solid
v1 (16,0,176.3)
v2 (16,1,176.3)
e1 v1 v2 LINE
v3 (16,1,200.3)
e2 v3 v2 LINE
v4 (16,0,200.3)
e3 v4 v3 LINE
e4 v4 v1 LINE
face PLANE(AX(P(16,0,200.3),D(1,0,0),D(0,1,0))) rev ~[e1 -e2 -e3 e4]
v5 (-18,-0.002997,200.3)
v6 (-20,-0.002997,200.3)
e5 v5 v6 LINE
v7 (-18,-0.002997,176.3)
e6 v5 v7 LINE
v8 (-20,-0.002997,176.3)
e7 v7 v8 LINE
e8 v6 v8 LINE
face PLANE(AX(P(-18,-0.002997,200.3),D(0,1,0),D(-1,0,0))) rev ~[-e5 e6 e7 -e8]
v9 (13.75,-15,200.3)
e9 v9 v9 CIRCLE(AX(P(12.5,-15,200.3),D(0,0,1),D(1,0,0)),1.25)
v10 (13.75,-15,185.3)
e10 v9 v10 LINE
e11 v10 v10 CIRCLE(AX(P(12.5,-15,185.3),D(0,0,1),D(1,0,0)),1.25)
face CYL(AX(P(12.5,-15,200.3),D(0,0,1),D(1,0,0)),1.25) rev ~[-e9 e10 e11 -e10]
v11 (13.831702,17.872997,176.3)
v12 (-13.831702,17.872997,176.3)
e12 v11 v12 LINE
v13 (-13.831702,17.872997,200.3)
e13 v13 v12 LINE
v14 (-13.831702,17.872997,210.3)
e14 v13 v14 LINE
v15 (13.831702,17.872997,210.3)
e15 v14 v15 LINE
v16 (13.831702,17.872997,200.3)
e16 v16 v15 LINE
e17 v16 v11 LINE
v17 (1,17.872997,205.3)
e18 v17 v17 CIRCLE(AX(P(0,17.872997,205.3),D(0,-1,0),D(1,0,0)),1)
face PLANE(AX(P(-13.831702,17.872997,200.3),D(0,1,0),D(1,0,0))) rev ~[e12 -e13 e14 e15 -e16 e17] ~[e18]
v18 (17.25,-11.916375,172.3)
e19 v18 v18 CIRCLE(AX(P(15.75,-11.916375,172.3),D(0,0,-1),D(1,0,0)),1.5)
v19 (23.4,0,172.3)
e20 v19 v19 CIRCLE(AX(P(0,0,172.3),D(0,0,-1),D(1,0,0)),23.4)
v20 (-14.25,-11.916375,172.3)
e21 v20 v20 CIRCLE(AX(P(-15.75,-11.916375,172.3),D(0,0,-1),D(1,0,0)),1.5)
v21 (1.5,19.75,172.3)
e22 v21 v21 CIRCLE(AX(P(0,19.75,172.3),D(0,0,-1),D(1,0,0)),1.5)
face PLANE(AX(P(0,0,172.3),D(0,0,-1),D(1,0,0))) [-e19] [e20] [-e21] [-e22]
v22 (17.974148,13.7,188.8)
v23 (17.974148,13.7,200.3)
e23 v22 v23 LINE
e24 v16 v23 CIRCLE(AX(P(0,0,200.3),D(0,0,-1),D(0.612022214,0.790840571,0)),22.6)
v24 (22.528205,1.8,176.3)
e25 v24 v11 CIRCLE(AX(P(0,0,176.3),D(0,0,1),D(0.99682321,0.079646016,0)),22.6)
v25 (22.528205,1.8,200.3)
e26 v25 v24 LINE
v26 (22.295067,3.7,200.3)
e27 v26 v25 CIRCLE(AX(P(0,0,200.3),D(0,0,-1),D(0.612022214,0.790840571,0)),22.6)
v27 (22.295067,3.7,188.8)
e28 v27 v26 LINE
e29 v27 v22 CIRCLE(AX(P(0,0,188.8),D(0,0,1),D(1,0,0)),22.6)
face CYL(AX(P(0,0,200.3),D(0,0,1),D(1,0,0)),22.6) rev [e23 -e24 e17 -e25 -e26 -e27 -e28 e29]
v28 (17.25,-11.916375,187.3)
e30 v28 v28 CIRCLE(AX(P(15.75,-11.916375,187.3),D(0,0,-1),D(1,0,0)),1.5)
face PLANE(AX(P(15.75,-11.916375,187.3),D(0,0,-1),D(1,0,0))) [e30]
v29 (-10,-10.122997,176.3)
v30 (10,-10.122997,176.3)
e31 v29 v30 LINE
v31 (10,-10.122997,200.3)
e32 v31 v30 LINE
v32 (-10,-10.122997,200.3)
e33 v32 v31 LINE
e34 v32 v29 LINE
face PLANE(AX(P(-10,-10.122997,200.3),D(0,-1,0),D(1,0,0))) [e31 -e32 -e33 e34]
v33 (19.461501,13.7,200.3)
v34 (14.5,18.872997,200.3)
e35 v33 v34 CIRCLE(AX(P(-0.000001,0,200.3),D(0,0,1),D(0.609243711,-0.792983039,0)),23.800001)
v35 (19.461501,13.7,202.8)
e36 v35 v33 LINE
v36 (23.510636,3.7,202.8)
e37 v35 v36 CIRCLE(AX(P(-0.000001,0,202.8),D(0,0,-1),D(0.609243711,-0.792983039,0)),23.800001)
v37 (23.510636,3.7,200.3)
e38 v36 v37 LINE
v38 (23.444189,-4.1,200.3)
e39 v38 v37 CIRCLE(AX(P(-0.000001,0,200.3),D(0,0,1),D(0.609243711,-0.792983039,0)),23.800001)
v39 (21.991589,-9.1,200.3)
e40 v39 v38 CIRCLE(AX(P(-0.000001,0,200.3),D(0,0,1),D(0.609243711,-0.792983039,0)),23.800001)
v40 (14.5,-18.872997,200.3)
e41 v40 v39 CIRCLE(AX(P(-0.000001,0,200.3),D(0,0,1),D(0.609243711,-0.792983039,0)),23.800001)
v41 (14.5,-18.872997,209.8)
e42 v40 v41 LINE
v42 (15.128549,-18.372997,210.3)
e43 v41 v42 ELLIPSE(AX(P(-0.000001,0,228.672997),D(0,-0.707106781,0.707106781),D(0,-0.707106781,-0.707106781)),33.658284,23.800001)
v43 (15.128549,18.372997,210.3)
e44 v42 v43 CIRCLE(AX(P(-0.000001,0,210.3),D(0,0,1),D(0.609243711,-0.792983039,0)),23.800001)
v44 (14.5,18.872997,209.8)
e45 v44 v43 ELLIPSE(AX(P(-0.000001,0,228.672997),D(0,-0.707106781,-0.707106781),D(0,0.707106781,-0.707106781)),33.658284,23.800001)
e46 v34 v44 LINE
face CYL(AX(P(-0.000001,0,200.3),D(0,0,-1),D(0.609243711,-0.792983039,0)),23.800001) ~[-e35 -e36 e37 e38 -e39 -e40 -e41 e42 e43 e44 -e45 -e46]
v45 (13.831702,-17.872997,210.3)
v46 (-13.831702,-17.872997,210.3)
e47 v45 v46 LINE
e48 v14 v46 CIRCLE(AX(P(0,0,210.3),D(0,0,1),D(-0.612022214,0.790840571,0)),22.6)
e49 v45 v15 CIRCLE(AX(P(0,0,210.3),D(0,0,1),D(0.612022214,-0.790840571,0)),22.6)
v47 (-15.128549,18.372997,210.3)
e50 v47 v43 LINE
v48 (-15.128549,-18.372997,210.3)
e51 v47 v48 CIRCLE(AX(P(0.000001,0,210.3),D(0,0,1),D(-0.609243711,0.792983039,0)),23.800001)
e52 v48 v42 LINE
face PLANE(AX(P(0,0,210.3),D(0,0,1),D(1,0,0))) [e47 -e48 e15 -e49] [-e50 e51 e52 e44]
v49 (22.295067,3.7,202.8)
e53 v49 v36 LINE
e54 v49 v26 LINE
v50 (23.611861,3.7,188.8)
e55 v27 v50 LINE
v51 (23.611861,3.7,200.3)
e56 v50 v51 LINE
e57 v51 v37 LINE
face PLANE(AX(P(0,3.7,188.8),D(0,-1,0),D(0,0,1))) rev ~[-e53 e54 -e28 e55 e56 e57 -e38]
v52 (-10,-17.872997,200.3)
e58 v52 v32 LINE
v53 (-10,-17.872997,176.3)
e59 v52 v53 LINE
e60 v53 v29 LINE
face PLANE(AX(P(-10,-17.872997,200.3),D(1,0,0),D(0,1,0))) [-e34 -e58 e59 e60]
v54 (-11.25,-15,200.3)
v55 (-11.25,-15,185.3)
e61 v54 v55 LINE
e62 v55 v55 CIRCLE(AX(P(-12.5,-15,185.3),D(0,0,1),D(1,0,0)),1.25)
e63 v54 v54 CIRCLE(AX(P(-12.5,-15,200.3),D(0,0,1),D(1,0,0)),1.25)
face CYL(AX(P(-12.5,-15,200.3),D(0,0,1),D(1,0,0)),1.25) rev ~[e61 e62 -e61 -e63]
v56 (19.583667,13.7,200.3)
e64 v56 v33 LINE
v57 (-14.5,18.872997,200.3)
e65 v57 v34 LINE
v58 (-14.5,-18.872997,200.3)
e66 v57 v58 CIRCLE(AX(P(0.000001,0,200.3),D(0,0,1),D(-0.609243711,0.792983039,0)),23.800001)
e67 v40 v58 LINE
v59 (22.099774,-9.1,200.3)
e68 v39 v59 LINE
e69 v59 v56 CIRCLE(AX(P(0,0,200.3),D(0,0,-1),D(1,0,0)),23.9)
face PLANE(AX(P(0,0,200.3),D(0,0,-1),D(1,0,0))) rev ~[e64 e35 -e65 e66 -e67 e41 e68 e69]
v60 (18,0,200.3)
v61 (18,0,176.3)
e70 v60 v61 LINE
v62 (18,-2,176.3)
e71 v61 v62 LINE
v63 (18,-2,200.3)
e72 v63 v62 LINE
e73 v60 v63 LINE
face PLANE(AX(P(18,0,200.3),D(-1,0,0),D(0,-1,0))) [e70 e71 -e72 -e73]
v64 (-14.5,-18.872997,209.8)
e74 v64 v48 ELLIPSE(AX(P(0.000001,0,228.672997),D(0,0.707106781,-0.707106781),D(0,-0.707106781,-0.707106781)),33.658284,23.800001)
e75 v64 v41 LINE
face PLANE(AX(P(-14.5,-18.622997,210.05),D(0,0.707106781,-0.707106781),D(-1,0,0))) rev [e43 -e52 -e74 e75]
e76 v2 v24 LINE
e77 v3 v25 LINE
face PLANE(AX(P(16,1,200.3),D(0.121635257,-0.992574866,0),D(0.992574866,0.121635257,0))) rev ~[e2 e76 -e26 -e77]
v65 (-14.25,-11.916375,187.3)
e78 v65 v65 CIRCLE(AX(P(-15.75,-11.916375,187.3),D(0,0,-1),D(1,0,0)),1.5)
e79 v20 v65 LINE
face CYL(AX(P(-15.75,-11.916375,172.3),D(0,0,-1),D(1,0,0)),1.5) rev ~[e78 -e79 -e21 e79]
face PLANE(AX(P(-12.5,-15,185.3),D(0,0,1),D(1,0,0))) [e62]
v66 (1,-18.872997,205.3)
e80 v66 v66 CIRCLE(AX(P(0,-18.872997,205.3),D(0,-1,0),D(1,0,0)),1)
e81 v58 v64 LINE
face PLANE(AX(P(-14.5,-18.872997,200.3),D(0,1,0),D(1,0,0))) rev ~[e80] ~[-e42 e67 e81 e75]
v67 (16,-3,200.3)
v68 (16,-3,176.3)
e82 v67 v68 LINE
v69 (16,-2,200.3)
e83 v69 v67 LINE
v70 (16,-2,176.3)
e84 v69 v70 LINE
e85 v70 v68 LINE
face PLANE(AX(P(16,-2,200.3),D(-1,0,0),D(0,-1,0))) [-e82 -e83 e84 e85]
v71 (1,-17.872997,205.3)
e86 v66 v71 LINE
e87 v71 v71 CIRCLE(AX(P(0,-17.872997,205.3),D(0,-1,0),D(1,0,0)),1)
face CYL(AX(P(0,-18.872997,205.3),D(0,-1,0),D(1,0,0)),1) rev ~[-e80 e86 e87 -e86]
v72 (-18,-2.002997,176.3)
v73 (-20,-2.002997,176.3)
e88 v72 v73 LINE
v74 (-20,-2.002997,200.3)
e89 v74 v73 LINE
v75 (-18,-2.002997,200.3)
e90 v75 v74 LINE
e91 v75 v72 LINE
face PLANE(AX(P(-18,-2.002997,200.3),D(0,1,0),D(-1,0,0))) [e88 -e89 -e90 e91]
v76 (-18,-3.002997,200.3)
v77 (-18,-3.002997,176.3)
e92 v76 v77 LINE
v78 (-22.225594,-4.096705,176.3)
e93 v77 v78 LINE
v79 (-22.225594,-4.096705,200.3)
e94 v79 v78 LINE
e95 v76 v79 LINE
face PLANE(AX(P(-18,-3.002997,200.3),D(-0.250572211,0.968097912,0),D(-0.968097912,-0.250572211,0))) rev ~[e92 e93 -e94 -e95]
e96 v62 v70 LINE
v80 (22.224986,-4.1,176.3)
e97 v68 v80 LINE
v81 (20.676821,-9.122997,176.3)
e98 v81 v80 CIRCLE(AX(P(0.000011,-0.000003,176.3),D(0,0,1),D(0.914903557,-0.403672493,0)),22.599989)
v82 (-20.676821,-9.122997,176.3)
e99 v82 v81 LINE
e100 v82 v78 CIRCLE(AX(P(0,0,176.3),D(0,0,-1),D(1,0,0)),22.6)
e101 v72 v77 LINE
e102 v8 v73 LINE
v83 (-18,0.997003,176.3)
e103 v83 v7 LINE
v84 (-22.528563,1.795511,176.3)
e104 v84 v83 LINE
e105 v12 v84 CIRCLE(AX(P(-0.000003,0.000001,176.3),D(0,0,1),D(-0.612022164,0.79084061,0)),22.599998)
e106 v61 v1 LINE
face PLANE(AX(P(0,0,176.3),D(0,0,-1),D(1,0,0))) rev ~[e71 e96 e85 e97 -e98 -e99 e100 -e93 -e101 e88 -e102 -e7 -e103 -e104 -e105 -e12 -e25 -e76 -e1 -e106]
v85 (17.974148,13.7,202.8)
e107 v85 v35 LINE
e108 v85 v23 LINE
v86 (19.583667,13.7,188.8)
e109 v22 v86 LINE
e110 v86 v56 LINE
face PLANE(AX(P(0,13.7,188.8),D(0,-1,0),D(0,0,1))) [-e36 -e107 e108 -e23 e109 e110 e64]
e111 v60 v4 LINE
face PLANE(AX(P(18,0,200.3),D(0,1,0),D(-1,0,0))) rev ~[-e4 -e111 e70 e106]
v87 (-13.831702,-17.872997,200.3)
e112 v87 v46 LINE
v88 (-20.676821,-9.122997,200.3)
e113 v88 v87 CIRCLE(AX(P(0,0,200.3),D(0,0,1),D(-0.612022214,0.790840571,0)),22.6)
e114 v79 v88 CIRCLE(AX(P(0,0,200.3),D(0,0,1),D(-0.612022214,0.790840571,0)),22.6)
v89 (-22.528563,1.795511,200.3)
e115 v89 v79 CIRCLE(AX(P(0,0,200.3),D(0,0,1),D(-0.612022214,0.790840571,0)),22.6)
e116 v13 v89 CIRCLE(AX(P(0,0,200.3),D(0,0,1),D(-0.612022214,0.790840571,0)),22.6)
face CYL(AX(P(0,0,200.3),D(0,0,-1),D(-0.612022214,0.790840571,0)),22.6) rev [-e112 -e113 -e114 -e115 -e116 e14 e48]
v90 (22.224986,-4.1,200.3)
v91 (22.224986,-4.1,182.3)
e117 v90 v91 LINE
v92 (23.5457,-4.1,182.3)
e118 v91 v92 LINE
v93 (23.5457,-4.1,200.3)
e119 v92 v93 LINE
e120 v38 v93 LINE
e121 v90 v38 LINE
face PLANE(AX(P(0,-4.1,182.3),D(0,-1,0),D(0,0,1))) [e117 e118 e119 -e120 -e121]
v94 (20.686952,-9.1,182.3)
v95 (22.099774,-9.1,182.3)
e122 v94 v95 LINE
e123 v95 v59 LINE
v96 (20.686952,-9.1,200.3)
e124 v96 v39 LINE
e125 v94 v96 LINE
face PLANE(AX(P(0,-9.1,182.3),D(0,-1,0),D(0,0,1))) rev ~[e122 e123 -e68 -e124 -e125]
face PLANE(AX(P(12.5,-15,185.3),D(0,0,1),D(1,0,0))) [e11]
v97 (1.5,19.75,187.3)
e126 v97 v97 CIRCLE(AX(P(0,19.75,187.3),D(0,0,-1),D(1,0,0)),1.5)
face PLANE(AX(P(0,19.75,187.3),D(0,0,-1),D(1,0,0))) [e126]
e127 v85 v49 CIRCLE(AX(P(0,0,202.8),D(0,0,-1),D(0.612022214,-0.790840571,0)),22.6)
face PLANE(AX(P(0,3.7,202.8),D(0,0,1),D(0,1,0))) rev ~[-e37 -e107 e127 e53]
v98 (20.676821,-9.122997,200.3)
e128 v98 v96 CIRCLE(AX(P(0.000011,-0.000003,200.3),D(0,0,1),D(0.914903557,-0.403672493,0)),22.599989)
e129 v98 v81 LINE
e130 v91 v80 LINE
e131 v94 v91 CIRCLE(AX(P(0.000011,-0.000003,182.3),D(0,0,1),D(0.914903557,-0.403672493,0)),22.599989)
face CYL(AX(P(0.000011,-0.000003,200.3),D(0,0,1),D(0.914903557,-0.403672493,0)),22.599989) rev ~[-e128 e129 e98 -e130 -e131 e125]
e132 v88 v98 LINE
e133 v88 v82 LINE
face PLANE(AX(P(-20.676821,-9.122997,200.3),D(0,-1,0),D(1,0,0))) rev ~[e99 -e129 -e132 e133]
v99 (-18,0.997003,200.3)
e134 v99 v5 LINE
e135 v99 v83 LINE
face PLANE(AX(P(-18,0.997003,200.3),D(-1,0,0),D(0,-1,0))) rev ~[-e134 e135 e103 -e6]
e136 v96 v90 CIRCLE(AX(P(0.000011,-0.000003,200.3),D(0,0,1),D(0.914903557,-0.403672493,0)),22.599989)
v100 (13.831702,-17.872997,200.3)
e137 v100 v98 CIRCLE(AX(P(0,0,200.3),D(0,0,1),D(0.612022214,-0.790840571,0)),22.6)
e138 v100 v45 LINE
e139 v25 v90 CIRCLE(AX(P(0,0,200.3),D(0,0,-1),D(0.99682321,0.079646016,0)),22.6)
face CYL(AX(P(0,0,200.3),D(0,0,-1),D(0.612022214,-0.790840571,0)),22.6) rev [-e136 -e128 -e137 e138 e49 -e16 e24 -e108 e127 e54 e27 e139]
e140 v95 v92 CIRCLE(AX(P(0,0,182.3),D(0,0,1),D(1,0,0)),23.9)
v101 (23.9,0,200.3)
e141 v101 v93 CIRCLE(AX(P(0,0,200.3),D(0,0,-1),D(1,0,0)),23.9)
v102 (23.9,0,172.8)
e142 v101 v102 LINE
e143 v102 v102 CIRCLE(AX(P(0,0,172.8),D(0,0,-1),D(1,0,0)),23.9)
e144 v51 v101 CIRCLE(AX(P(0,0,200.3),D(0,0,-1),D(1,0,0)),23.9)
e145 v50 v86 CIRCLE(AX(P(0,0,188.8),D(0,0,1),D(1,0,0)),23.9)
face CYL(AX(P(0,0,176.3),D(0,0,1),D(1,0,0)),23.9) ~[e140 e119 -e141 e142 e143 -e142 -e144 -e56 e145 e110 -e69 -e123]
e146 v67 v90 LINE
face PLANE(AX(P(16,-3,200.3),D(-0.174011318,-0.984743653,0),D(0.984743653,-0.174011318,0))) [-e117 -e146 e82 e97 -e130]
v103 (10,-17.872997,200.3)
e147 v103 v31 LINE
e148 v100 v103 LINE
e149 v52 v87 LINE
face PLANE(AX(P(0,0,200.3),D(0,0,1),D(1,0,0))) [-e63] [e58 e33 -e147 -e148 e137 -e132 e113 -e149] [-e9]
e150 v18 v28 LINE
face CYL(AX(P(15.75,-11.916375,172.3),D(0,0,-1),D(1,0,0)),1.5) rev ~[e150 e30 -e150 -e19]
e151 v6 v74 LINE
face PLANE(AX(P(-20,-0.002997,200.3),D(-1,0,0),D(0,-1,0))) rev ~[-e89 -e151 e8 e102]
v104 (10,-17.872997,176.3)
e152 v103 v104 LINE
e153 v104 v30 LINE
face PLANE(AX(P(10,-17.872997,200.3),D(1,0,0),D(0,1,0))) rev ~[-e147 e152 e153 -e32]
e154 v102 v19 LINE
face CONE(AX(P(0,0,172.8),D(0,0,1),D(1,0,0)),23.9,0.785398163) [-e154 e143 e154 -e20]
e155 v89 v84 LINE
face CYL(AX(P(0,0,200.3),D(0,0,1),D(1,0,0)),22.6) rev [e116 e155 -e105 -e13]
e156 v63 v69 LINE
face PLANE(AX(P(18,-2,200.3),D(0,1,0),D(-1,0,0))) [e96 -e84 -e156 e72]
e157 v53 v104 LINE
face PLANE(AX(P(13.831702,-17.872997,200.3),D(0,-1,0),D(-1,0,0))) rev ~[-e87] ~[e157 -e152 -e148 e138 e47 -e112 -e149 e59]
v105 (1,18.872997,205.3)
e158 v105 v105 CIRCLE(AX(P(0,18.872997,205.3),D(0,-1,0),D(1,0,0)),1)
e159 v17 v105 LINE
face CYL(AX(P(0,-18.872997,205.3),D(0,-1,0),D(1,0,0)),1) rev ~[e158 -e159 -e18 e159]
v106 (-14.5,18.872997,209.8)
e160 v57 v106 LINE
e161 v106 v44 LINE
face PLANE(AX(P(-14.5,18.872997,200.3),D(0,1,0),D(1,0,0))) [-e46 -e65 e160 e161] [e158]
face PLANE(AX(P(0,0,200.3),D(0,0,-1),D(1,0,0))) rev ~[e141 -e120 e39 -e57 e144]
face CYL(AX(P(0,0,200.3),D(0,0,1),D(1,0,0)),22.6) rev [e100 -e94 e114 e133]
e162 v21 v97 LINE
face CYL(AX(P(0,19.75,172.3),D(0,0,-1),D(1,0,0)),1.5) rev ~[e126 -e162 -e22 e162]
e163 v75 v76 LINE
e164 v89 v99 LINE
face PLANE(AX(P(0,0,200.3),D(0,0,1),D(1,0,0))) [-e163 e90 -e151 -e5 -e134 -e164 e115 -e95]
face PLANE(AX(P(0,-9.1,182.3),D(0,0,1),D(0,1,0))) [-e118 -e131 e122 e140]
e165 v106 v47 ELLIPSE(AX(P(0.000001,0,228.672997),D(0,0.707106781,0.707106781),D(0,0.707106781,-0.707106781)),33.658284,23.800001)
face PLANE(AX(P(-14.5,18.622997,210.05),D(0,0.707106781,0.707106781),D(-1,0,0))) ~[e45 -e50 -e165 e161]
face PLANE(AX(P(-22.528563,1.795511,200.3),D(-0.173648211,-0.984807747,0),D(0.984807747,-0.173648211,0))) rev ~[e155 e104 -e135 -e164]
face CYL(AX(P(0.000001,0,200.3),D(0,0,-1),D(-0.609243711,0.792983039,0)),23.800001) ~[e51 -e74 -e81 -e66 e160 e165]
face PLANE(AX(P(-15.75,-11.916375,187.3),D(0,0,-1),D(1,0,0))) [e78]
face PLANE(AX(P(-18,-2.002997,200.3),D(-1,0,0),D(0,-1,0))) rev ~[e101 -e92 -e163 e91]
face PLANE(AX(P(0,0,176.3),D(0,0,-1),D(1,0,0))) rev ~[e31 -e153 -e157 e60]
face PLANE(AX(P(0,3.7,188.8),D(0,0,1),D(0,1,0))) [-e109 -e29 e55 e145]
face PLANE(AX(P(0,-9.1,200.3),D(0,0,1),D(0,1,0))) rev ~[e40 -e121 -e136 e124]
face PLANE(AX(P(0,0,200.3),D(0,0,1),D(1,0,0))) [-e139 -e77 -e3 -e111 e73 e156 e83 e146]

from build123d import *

# Parameters (mm, degrees)
PAD022_DEPTH    = 10
CHAMFER009_SIZE = 0.5
SKETCH040_R     = 23.9
SKETCH040_R_2   = 22.6
PAD023_DEPTH    = 24
SKETCH041_R     = 23.5
SKETCH041_W     = 20
SKETCH041_H     = 7.75
PAD024_DEPTH    = 24
SKETCH042_R     = 23.9
PAD025_DEPTH    = 4
CHAMFER010_SIZE = 0.5
SKETCH043_R     = 1.5
POCKET013_DEPTH = 15
SKETCH044_R     = 1
POCKET014_DEPTH = 100
SKETCH045_R     = 1.25
POCKET015_DEPTH = 15
SKETCH052_W     = 5
SKETCH052_H     = 18
POCKET019_DEPTH = 41
SKETCH055_W     = 10
SKETCH055_H     = 14
POCKET021_DEPTH = 33


with BuildPart() as part:
    # Sketch039 → Pad022 (new body)
    with BuildSketch(Plane.XY):
        with BuildLine():
            ThreePointArc((-14.5, 18.872997), (-23.8, 0), (-14.5, -18.872997))
            Line((-14.5, -18.872997), (14.5, -18.872997))
            ThreePointArc((14.5, -18.872997), (23.8, 0), (14.5, 18.872997))
            Line((-14.5, 18.872997), (14.5, 18.872997))
        make_face()
        with BuildLine():
            ThreePointArc((-13.831702, 17.872997), (-22.6, 0), (-13.831702, -17.872997))
            Line((13.831702, -17.872997), (-13.831702, -17.872997))
            ThreePointArc((13.831702, -17.872997), (22.6, 0), (13.831702, 17.872997))
            Line((-13.831702, 17.872997), (13.831702, 17.872997))
        make_face(mode=Mode.SUBTRACT)
    extrude(amount=PAD022_DEPTH)

    # Chamfer009
    chamfer009_edges = [part.edges().sort_by_distance(p)[0] for p in [
        (0, -18.872997, 10),
        (0, 18.872997, 10),
    ]]
    chamfer(chamfer009_edges, length=CHAMFER009_SIZE)

    # Sketch040 (on Face4 of Chamfer009) → Pad023 (join)
    with BuildSketch(Plane(origin=(0, 0, 0), x_dir=(1, 0, 0), z_dir=(0, 0, -1))):
        Circle(SKETCH040_R)
        Circle(SKETCH040_R_2, mode=Mode.SUBTRACT)
    extrude(amount=PAD023_DEPTH)

    # Sketch041 (on Face4 of Pad023) → Pad024 (join)
    with BuildSketch(Plane.XY):
        Circle(SKETCH041_R)
        with BuildLine():
            Line((-22.528563, 1.795511), (-18, 0.997003))
            Line((-18, 0.997003), (-18, -0.002997))
            Line((-18, -0.002997), (-20, -0.002997))
            Line((-20, -0.002997), (-20, -2.002997))
            Line((-18, -2.002997), (-20, -2.002997))
            Line((-18, -2.002997), (-18, -3.002997))
            Line((-18, -3.002997), (-22.225594, -4.096705))
            ThreePointArc((-22.225594, -4.096705), (-21.597921, -6.655058), (-20.676821, -9.122997))
            Line((-20.676821, -9.122997), (20.676821, -9.122997))
            ThreePointArc((20.676821, -9.122997), (21.597428, -6.656659), (22.224986, -4.1))
            Line((16, -3), (22.224986, -4.1))
            Line((16, -2), (16, -3))
            Line((18, -2), (16, -2))
            Line((18, 0), (18, -2))
            Line((18, 0), (16, 0))
            Line((16, 0), (16, 1))
            Line((16, 1), (22.528205, 1.8))
            ThreePointArc((22.528205, 1.8), (19.877022, 10.754719), (13.831702, 17.872997))
            Line((13.831702, 17.872997), (-13.831702, 17.872997))
            ThreePointArc((-13.831702, 17.872997), (-19.878094, 10.752739), (-22.528563, 1.795511))
        make_face(mode=Mode.SUBTRACT)
        with Locations((0, -13.997997)):
            Rectangle(SKETCH041_W, SKETCH041_H, mode=Mode.SUBTRACT)
    extrude(amount=-PAD024_DEPTH)

    # Sketch042 (on Face49 of Pad024) → Pad025 (join)
    with BuildSketch(Plane(origin=(0, 0, -24), x_dir=(1, 0, 0), z_dir=(0, 0, -1))):
        Circle(SKETCH042_R)
    extrude(amount=PAD025_DEPTH)

    # Chamfer010
    chamfer010_edges = [part.edges().sort_by_distance(p)[0] for p in [
        (-23.9, 0, -28),
    ]]
    chamfer(chamfer010_edges, length=CHAMFER010_SIZE)

    # Sketch043 (on Face4 of Chamfer010) → Pocket013 (cut)
    with BuildSketch(Plane(origin=(0, 0, -28), x_dir=(1, 0, 0), z_dir=(0, 0, -1))):
        with Locations((-15.75, 11.916375)):
            Circle(SKETCH043_R)
        with Locations((15.75, 11.916375)):
            Circle(SKETCH043_R)
        with Locations((0, -19.75)):
            Circle(SKETCH043_R)
    extrude(amount=-POCKET013_DEPTH, mode=Mode.SUBTRACT)

    # Sketch044 (on Face9 of Pocket013) → Pocket014 (cut)
    with BuildSketch(Plane.XZ.offset(18.872997)):
        with Locations((0, 5)):
            Circle(SKETCH044_R)
    extrude(amount=-POCKET014_DEPTH, mode=Mode.SUBTRACT)

    # Sketch045 (on Face29 of Pocket014) → Pocket015 (cut)
    with BuildSketch(Plane.XY):
        with Locations((12.5, -15)):
            Circle(SKETCH045_R)
        with Locations((-12.5, -15)):
            Circle(SKETCH045_R)
    extrude(amount=-POCKET015_DEPTH, mode=Mode.SUBTRACT)

    # Sketch052 → Pocket019 (cut)
    with BuildSketch(Plane.YZ):
        with Locations((-6.6, -9)):
            Rectangle(SKETCH052_W, SKETCH052_H)
    extrude(amount=POCKET019_DEPTH, mode=Mode.SUBTRACT)

    # Sketch055 → Pocket021 (cut)
    with BuildSketch(Plane.YZ):
        with Locations((8.7, -4.5)):
            Rectangle(SKETCH055_W, SKETCH055_H)
    extrude(amount=POCKET021_DEPTH, mode=Mode.SUBTRACT)


with BuildPart() as part_1:
    # Body017 placement: moved
    add(part.part.moved(Location((0, 0, 200.3))))


solid = part_1.part
